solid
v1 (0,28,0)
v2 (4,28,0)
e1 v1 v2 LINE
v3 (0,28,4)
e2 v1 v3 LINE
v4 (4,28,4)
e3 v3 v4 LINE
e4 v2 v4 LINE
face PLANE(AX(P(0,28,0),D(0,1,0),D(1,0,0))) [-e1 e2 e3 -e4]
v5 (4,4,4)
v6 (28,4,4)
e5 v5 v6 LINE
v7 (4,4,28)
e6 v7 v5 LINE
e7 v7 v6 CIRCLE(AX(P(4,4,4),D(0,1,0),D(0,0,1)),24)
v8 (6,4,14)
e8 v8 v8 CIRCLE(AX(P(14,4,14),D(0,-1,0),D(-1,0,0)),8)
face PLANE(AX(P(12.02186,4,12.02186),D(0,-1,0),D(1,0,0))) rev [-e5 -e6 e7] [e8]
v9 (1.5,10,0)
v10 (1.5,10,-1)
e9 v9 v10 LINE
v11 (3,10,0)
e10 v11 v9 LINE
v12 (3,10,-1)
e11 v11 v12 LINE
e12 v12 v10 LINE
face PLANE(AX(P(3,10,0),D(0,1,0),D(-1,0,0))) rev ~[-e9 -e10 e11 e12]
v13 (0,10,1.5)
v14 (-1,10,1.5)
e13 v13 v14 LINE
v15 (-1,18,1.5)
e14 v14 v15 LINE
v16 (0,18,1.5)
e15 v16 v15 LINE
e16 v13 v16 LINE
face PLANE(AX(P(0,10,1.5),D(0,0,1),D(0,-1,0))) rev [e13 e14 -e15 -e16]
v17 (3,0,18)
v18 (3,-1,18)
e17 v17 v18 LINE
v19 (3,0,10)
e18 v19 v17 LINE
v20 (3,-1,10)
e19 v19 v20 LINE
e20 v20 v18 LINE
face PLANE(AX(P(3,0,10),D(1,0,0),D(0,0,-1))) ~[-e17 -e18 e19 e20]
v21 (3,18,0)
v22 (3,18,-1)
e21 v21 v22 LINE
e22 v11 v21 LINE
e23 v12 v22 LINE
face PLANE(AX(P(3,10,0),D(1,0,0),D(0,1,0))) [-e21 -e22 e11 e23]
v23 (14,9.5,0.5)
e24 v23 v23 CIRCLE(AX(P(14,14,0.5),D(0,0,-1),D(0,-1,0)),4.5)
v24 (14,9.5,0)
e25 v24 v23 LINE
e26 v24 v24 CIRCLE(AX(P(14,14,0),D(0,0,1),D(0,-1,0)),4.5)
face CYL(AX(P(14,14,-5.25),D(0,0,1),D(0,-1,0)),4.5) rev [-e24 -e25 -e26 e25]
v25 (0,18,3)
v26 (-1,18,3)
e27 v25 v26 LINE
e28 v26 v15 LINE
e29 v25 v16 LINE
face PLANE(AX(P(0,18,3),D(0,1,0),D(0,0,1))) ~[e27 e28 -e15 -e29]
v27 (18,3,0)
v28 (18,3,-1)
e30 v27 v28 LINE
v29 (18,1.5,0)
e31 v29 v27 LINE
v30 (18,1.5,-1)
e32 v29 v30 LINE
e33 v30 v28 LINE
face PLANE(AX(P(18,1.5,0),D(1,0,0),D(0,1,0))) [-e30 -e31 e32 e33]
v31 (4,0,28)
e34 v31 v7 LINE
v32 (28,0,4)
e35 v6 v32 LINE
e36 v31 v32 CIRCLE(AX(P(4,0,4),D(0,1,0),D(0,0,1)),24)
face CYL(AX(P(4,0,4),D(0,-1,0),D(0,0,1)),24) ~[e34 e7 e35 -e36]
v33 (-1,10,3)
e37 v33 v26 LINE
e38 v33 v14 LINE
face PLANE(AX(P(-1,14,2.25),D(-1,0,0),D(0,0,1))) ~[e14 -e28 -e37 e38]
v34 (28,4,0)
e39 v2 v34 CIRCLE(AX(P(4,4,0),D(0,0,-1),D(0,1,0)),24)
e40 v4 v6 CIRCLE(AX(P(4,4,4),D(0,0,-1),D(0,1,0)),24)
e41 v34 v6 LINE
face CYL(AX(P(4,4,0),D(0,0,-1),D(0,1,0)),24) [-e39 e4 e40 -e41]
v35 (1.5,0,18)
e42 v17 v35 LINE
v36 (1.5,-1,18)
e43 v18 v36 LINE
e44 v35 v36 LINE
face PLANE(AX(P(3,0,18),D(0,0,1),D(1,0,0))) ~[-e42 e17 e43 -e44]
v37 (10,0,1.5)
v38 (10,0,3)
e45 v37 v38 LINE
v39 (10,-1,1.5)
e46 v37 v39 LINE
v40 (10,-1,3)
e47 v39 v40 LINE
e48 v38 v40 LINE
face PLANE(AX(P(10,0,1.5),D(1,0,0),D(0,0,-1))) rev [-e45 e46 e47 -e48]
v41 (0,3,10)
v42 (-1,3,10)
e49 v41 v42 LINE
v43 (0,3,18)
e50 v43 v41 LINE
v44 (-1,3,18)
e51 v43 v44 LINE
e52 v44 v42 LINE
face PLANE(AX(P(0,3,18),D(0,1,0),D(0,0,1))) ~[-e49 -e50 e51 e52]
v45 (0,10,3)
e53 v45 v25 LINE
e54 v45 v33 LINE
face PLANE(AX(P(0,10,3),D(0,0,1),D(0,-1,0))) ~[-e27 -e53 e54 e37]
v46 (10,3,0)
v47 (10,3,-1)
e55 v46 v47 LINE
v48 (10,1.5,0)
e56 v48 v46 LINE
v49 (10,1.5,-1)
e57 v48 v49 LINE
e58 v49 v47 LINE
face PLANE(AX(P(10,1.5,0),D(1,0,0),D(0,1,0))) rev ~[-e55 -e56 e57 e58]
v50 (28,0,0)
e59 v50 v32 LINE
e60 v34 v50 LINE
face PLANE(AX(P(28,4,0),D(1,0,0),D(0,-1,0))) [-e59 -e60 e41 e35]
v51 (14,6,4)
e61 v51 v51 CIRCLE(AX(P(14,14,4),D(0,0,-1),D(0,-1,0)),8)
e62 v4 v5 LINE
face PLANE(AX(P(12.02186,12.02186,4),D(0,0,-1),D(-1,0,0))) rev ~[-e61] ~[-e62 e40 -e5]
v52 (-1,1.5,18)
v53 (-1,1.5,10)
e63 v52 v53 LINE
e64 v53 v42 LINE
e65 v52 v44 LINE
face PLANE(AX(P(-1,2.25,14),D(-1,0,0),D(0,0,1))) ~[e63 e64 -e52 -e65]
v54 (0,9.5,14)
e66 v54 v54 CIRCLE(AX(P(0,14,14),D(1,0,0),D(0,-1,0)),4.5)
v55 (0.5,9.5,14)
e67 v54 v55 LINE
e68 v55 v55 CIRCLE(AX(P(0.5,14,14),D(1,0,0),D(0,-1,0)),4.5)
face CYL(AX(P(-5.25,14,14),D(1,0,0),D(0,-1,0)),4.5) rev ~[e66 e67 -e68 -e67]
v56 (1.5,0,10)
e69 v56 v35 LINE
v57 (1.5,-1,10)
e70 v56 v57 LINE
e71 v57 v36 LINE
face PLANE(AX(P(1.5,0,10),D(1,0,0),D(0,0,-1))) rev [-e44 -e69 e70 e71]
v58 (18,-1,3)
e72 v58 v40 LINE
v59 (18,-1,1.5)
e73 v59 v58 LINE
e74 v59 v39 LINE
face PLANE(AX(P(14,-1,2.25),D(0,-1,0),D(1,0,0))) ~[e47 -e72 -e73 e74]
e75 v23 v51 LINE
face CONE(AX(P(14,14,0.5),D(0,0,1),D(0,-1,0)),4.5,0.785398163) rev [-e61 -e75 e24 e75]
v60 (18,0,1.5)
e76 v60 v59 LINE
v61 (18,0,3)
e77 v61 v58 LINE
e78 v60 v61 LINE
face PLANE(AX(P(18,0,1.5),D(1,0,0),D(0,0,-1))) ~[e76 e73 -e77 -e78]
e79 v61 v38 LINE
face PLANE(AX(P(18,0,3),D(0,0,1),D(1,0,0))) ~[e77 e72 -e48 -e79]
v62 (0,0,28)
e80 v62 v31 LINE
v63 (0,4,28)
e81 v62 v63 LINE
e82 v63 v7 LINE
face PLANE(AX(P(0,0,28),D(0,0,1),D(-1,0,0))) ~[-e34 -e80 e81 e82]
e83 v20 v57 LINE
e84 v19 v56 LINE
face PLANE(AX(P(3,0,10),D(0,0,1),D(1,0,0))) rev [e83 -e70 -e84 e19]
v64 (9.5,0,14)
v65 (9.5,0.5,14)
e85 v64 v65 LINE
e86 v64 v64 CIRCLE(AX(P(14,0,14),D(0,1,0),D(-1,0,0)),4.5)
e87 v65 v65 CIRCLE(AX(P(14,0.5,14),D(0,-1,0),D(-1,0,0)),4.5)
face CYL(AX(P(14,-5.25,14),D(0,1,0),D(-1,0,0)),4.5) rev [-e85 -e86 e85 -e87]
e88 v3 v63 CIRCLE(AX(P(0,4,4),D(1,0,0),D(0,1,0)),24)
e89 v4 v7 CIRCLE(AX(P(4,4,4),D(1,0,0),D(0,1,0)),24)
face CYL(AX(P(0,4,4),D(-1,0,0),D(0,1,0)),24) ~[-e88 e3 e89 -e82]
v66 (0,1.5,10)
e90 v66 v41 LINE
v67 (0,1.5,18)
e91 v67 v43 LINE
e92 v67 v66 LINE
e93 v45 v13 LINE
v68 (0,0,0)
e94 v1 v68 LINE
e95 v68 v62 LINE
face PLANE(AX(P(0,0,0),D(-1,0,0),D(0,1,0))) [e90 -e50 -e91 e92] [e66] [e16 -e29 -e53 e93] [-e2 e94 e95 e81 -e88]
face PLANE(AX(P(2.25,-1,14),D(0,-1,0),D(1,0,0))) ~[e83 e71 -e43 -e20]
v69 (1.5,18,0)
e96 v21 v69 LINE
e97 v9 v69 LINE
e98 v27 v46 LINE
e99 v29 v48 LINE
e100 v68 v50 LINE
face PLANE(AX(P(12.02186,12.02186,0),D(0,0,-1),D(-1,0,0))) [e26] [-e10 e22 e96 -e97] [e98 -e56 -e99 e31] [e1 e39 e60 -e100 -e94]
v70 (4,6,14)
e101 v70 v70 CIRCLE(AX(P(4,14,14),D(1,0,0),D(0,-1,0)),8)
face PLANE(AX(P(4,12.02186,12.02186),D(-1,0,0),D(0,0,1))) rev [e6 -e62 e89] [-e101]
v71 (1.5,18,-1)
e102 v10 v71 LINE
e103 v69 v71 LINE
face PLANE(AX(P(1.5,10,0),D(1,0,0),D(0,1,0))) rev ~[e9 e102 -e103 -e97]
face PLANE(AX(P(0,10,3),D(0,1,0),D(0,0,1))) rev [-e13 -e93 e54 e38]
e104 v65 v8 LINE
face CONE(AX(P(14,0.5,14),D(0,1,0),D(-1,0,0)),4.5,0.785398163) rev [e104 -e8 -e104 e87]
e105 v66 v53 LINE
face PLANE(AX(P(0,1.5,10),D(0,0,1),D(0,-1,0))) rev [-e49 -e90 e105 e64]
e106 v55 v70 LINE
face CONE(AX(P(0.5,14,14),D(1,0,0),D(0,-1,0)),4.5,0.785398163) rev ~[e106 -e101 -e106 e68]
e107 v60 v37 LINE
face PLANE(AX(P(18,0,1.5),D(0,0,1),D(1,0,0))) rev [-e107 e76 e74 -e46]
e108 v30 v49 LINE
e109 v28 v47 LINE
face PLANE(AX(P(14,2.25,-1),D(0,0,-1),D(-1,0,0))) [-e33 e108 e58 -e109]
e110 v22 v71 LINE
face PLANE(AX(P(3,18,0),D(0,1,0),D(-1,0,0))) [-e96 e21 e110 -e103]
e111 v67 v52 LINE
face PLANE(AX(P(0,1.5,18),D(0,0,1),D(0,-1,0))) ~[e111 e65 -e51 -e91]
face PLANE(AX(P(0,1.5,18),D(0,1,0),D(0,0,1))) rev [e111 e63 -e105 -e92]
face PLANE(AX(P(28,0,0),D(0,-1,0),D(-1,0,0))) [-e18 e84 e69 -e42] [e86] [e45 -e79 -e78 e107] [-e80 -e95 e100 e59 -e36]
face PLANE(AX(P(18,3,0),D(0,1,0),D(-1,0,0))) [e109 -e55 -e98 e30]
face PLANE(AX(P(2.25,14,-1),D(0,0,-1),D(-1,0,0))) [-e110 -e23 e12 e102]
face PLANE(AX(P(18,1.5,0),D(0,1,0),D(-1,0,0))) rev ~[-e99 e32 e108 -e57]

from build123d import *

# Parameters (mm, degrees)
EXTRUDE_1_DEPTH            = 4
SKETCH_4_W                 = 1.5
SKETCH_4_H                 = 8
SKETCH_4_W_2               = 8
SKETCH_4_H_2               = 1.5
EXTRUDE_2_DEPTH            = 1
MIRROR_2_COPY_1_DEPTH      = 4
MIRROR_2_COPY_3_SKETCH_W   = 1.5
MIRROR_2_COPY_3_SKETCH_H   = 8
MIRROR_2_COPY_3_SKETCH_W_2 = 8
MIRROR_2_COPY_3_SKETCH_H_2 = 1.5
MIRROR_2_COPY_3_DEPTH      = 1


with BuildPart() as part:
    # Эскиз1 → Бобышка-Вытянуть1 (new body)
    with BuildSketch(Plane.XY):
        with BuildLine():
            Line((0, 0), (0, 28))
            Line((0, 28), (4, 28))
            ThreePointArc((4, 28), (20.970562748, 20.970562748), (28, 4))
            Line((28, 4), (28, 0))
            Line((28, 0), (0, 0))
        make_face()
    extrude_1 = extrude(amount=EXTRUDE_1_DEPTH)

    # Эскиз3 → Зенковка для винта с полупотайной головкой M81 (revolve, cut)
    with BuildSketch(Plane(origin=(14, 14, 4), x_dir=(0, -1, 0), z_dir=(1, 0, 0))):
        Polygon((0, 0), (0, 11.953872786), (4.5, 9.25), (4.5, 3.5), (8, 0), align=None)
    hole_wizard_m81 = revolve(axis=Axis((14, 14, 10.35), (0, 0, -1)), mode=Mode.SUBTRACT)

    # Эскиз4 → Бобышка-Вытянуть2 (add)
    with BuildSketch(Plane(origin=(0, 0, 0), x_dir=(-1, 0, 0), z_dir=(0, 0, -1))):
        with Locations((-2.25, 14)):
            Rectangle(SKETCH_4_W, SKETCH_4_H)
        with Locations((-14, 2.25)):
            Rectangle(SKETCH_4_W_2, SKETCH_4_H_2)
    extrude_2 = extrude(amount=EXTRUDE_2_DEPTH)

    # Зеркальное отражение1: Бобышка-Вытянуть1, Зенковка для винта с полупотайной головкой M81, Бобышка-Вытянуть2 across plane
    add(extrude_1.mirror(Plane(origin=(0, 0, 0), x_dir=(0, 0.707106781, 0.707106781), z_dir=(0, -0.707106781, 0.707106781))))
    add(hole_wizard_m81.mirror(Plane(origin=(0, 0, 0), x_dir=(0, 0.707106781, 0.707106781), z_dir=(0, -0.707106781, 0.707106781))), mode=Mode.SUBTRACT)
    add(extrude_2.mirror(Plane(origin=(0, 0, 0), x_dir=(0, 0.707106781, 0.707106781), z_dir=(0, -0.707106781, 0.707106781))))

    # Зеркальное отражение2: Бобышка-Вытянуть1, Зенковка для винта с полупотайной головкой M81, Бобышка-Вытянуть2 across plane
    add(extrude_1.mirror(Plane(origin=(0, 0, 0), x_dir=(0.707106781, 0, 0.707106781), z_dir=(-0.707106781, 0, 0.707106781))))
    add(hole_wizard_m81.mirror(Plane(origin=(0, 0, 0), x_dir=(0.707106781, 0, 0.707106781), z_dir=(-0.707106781, 0, 0.707106781))), mode=Mode.SUBTRACT)
    add(extrude_2.mirror(Plane(origin=(0, 0, 0), x_dir=(0.707106781, 0, 0.707106781), z_dir=(-0.707106781, 0, 0.707106781))))

    # Зеркальное отражение2 copy 1 sketch → Зеркальное отражение2 copy 1 (add)
    with BuildSketch(Plane.ZX):
        with BuildLine():
            Line((0, 0), (0, 28))
            Line((0, 28), (4, 28))
            ThreePointArc((4, 28), (20.970562748, 20.970562748), (28, 4))
            Line((28, 4), (28, 0))
            Line((28, 0), (0, 0))
        make_face()
    extrude(amount=MIRROR_2_COPY_1_DEPTH)

    # Зеркальное отражение2 copy 2 sketch → Зеркальное отражение2 copy 2 (revolve, cut)
    with BuildSketch(Plane(origin=(14, 4, 14), x_dir=(-1, 0, 0), z_dir=(0, 0, 1))):
        Polygon((0, 0), (0, 11.953872786), (4.5, 9.25), (4.5, 3.5), (8, 0), align=None)
    revolve(axis=Axis((14, 10.35, 14), (0, -1, 0)), mode=Mode.SUBTRACT)

    # Зеркальное отражение2 copy 3 sketch → Зеркальное отражение2 copy 3 (add)
    with BuildSketch(Plane(origin=(0, 0, 0), x_dir=(0, 0, -1), z_dir=(0, -1, 0))):
        with Locations((-2.25, 14)):
            Rectangle(MIRROR_2_COPY_3_SKETCH_W, MIRROR_2_COPY_3_SKETCH_H)
        with Locations((-14, 2.25)):
            Rectangle(MIRROR_2_COPY_3_SKETCH_W_2, MIRROR_2_COPY_3_SKETCH_H_2)
    extrude(amount=MIRROR_2_COPY_3_DEPTH)


solid = part.part
